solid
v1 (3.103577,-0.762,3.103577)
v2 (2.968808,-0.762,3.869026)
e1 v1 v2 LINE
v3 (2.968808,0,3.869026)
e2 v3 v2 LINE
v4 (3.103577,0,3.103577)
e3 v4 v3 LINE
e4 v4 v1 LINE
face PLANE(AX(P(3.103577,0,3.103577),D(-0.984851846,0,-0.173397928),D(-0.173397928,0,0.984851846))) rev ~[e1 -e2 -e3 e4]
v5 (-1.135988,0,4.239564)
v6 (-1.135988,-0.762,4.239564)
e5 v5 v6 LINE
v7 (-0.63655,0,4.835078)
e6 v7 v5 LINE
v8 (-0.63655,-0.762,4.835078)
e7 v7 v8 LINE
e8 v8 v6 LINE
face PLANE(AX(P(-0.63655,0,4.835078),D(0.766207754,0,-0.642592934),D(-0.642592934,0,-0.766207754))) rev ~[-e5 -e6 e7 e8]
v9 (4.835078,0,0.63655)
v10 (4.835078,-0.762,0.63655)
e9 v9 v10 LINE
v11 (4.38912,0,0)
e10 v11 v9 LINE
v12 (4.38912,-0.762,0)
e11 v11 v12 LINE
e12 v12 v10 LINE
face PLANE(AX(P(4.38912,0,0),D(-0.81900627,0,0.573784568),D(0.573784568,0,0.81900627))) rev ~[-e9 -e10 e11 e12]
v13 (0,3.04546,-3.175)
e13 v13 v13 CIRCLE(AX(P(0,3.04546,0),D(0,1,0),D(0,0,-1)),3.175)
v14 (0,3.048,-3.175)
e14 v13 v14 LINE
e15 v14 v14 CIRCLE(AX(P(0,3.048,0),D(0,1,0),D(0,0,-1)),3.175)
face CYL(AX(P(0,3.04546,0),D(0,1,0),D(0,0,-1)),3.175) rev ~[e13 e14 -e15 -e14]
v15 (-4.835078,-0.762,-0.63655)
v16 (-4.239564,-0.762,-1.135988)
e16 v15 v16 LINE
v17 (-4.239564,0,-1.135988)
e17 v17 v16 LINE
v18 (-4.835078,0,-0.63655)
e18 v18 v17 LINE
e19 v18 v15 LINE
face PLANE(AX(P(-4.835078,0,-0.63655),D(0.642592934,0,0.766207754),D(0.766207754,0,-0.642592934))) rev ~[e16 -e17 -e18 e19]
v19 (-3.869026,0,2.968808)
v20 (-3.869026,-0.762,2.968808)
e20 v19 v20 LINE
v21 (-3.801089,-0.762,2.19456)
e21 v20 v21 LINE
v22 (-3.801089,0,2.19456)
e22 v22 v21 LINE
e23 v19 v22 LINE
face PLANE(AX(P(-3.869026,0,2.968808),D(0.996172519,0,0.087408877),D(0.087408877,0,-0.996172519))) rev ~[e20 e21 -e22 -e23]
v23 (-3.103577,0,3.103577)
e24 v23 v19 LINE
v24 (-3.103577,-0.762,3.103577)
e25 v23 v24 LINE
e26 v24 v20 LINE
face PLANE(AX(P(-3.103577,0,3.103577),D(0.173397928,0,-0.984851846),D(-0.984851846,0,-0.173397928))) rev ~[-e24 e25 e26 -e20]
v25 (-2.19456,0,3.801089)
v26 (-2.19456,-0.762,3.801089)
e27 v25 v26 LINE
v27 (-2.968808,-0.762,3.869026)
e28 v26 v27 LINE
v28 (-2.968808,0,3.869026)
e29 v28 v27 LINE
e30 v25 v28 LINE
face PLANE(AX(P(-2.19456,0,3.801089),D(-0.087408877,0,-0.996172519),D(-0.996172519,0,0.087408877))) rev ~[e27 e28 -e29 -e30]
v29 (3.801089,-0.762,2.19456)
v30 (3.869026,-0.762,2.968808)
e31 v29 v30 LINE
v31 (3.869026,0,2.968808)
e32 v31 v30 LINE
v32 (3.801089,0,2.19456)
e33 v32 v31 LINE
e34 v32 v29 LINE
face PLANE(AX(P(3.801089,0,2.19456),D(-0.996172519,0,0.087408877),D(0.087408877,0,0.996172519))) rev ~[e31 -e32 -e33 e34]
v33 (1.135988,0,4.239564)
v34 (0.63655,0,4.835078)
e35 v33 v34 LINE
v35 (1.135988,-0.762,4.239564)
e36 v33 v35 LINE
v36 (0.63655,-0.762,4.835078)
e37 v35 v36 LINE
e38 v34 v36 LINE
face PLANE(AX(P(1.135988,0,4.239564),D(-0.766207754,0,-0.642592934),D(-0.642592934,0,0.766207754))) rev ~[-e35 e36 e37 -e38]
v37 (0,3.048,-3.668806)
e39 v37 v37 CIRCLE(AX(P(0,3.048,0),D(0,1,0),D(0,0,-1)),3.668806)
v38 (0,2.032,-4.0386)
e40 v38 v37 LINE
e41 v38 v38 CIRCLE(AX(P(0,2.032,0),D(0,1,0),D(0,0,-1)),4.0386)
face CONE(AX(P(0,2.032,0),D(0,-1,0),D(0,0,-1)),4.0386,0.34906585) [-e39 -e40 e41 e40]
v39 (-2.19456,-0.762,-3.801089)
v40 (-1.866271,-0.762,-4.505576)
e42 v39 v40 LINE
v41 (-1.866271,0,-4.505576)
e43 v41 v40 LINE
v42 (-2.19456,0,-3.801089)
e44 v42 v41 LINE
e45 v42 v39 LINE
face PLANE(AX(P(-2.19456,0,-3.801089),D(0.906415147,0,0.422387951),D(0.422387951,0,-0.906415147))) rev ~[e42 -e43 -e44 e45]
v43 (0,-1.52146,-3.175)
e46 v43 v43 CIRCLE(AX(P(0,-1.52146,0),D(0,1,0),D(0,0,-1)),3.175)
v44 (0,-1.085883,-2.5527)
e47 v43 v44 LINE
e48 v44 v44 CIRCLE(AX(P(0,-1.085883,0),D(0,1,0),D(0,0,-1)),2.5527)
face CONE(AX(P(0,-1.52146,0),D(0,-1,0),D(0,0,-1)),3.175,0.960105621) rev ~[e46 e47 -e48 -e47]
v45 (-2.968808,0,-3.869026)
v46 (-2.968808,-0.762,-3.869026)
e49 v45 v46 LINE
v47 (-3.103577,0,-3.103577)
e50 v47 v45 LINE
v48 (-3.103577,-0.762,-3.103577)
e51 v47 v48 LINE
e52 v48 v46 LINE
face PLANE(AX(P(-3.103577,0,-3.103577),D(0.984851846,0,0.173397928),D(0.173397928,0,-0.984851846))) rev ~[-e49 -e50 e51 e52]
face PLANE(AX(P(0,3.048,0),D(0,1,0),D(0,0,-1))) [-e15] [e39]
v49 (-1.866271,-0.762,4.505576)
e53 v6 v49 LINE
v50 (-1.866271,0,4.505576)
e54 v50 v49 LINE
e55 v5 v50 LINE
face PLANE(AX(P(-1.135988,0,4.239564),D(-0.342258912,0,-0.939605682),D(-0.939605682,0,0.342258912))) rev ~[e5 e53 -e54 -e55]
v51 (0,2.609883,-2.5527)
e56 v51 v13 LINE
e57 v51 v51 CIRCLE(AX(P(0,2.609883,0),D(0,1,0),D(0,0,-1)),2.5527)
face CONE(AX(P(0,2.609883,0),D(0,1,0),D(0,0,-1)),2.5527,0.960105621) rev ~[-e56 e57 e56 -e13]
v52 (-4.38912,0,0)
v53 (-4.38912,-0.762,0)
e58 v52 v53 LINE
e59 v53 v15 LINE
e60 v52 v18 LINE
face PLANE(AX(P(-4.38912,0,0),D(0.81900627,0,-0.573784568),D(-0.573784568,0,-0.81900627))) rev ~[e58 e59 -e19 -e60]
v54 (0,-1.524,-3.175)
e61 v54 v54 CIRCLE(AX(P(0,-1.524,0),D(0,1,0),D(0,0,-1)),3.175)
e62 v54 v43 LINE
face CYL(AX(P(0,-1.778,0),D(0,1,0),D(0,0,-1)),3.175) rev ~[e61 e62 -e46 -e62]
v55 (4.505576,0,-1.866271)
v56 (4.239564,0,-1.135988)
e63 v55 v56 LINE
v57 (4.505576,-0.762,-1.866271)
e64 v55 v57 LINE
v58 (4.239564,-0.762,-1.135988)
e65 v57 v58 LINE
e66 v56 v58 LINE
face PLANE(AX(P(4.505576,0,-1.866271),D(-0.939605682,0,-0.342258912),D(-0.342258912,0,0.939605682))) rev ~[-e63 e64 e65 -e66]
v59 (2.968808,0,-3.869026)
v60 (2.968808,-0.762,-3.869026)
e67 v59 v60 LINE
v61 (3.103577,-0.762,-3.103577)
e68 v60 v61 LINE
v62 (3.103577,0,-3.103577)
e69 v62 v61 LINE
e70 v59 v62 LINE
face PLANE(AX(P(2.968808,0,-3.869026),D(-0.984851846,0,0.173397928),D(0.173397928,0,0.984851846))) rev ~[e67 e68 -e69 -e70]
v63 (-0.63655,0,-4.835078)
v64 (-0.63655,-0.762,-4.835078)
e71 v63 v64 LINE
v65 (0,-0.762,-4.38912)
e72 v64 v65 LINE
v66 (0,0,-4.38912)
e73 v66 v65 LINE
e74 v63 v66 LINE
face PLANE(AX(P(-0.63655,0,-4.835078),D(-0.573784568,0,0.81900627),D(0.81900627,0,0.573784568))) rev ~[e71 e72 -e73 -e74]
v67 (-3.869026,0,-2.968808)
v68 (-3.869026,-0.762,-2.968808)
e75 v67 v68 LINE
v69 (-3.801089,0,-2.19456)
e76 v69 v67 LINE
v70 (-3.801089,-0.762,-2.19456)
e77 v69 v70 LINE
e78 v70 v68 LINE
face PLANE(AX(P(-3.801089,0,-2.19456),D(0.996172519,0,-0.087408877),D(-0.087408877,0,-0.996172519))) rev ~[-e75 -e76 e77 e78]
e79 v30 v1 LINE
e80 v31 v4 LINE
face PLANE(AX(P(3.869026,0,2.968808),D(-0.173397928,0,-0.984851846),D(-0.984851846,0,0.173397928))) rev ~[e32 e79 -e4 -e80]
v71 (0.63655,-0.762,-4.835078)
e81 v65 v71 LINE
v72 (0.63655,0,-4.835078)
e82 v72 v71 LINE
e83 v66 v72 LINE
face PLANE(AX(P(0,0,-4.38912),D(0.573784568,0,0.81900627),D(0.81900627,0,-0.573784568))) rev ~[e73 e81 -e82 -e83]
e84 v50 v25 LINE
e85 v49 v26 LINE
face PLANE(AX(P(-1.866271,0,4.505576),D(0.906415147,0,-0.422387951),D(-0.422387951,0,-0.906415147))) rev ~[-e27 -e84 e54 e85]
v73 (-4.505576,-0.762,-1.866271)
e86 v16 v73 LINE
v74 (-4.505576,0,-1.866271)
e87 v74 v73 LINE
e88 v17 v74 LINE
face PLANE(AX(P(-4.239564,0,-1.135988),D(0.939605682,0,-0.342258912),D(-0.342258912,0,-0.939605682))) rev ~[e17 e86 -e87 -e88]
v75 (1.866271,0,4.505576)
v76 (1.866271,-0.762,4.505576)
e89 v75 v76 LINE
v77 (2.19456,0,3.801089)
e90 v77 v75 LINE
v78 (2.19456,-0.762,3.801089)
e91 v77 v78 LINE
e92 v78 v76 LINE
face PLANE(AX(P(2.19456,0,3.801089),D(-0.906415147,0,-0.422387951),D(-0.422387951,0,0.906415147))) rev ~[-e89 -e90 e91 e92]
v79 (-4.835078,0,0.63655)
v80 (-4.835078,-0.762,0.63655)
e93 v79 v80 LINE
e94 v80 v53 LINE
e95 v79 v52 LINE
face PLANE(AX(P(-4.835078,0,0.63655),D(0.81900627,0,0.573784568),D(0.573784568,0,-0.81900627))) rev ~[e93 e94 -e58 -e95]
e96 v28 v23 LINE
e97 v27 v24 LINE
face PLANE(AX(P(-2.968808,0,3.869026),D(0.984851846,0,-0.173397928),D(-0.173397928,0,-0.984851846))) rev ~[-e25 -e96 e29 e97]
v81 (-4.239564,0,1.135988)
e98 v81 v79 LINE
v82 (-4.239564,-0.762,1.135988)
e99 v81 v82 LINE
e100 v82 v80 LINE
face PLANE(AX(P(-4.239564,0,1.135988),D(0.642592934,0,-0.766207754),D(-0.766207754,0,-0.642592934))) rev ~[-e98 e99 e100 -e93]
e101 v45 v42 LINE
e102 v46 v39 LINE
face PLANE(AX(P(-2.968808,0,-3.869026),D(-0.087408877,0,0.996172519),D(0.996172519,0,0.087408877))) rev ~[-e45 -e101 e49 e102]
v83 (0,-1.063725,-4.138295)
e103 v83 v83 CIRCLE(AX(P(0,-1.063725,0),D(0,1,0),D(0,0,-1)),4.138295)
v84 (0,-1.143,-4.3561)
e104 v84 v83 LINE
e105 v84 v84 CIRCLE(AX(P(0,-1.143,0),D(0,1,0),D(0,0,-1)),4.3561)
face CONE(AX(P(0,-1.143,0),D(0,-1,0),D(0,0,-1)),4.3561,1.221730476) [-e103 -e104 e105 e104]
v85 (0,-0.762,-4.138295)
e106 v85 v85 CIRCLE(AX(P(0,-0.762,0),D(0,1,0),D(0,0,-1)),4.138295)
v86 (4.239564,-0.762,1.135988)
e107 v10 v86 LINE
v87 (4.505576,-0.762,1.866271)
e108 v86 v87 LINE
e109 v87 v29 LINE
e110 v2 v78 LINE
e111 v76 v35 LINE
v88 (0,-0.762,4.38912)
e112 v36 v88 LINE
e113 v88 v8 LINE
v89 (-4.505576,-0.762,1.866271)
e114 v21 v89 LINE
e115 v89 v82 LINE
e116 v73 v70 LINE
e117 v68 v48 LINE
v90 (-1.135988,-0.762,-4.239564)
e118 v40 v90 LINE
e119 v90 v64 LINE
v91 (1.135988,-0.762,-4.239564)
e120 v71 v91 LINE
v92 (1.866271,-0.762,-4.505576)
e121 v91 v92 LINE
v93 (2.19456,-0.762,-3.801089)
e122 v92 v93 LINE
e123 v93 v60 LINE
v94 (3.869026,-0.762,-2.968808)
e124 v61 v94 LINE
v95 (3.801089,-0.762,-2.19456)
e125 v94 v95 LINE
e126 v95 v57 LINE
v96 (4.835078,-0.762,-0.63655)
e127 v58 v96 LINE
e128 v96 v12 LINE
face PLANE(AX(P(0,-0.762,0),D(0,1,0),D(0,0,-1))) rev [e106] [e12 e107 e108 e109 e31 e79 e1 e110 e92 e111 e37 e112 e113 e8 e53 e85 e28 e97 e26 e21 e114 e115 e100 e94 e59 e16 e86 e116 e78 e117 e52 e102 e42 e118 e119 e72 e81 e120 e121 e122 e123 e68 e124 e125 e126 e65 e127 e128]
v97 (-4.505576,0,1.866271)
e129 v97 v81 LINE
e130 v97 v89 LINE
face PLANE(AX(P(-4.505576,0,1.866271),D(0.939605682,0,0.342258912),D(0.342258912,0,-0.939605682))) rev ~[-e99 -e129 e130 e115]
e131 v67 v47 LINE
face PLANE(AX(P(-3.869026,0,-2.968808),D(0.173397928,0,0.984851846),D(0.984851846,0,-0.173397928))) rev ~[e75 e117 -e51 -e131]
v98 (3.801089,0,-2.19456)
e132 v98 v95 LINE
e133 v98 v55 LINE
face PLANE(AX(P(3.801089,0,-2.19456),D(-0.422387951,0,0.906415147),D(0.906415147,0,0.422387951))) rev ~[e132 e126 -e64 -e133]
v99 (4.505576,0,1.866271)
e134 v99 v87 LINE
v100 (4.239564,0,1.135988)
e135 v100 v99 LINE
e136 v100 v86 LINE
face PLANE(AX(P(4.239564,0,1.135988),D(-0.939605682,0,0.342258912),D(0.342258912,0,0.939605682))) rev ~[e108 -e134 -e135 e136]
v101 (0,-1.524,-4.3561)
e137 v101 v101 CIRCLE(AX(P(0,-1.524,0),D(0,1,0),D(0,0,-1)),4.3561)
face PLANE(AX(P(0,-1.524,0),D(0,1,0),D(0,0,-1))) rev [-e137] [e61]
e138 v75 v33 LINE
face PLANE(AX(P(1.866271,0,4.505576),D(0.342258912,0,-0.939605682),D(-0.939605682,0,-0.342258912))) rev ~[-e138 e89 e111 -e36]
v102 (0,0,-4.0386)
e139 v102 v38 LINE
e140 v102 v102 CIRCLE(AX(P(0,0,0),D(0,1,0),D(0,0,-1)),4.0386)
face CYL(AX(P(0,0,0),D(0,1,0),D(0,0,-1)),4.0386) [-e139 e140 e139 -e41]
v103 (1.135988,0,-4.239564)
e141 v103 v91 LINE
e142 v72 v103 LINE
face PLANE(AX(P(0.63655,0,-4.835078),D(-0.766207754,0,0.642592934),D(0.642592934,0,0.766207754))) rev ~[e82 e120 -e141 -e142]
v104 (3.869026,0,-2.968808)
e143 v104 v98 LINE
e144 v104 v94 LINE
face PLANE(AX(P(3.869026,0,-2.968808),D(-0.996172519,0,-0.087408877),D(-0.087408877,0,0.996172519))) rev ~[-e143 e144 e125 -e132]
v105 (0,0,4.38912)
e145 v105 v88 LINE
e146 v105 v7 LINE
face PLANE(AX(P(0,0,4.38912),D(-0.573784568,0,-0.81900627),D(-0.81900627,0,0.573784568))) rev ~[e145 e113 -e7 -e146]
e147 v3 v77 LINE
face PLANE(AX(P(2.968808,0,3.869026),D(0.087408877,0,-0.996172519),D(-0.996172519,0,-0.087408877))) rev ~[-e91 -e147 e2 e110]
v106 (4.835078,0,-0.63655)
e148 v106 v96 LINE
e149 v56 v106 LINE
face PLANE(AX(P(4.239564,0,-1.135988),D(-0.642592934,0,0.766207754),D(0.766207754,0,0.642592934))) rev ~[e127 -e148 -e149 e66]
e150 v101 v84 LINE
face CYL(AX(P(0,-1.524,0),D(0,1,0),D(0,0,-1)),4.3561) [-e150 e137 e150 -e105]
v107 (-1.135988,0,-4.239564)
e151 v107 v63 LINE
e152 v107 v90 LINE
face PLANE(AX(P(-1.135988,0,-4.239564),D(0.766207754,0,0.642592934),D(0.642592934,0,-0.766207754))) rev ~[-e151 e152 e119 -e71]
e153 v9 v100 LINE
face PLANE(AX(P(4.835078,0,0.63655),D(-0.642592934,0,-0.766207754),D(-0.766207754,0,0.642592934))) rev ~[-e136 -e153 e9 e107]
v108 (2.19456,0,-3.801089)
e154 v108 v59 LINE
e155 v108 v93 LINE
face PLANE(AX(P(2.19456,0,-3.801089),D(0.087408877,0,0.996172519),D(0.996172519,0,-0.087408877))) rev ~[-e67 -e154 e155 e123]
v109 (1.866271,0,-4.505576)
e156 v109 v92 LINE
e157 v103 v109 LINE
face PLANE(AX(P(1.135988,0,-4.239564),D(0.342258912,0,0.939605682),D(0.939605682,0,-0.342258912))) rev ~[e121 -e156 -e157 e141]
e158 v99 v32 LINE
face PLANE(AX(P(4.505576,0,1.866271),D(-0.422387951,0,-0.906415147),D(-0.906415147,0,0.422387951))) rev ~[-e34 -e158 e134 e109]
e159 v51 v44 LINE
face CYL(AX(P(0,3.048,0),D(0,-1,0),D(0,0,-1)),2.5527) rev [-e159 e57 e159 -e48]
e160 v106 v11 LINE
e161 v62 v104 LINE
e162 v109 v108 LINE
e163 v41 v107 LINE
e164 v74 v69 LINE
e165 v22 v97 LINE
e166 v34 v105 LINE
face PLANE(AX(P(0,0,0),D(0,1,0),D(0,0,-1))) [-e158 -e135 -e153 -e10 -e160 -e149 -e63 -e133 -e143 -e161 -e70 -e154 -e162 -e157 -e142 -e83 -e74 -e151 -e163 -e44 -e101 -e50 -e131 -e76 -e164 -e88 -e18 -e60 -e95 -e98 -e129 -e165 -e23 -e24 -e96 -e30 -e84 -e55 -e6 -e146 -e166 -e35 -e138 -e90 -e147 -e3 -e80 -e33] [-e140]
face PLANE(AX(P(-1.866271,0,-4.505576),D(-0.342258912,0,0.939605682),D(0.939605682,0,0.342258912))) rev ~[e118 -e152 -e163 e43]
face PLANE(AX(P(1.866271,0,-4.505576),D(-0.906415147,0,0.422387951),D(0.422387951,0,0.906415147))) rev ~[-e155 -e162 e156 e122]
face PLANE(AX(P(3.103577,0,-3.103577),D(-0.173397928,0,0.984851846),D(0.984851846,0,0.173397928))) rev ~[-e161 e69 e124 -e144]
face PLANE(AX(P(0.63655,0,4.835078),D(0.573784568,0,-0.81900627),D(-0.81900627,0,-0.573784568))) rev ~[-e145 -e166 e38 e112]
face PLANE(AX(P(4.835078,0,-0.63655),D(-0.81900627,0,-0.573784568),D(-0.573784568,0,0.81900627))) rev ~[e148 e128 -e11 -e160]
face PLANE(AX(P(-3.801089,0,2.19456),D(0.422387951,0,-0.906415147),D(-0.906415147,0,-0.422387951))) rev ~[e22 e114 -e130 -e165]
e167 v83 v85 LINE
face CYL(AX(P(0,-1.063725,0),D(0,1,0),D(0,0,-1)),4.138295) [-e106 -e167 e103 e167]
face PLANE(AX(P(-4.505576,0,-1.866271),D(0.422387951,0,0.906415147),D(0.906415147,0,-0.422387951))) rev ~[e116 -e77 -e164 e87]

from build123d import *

# Parameters (mm, degrees)
CLINCHCUT_START    = -0.762
CLINCHCUT_DEPTH    = 0.762
CLINCHCUTPAT_COUNT = 24
CLINCHCUTPAT_ANGLE = 345


with BuildPart() as part:
    # BodySke → Body (revolve)
    with BuildSketch(Plane.XY, mode=Mode.PRIVATE) as body_sk:
        Polygon((4.138295, -1.063725463), (4.138295, -0.762), (4.8768, -0.762), (4.8768, 0), (4.0386, 0), (4.0386, 2.032), (3.668806242, 3.048), (2.5527, 3.048), (2.5527, -1.524), (4.3561, -1.524), (4.3561, -1.143), align=None)
    revolve(body_sk.sketch.rotate(Axis((0, -1.143, 0), (0, 1, 0)), 90), axis=Axis((0, -1.143, 0), (0, 1, 0)))

    # EndChamferSke → EndChamfer (revolve, cut)
    with BuildSketch(Plane.XY, mode=Mode.PRIVATE) as endchamfer_sk:
        Polygon((3.175, -1.778), (3.175, -1.52146), (2.5527, -1.085882692), (2.5527, -1.778), align=None)
        Polygon((3.175, 3.04546), (3.175, 3.302), (2.5527, 3.302), (2.5527, 2.609882692), align=None)
    revolve(endchamfer_sk.sketch.rotate(Axis((0, -2.54, 0), (0, 1, 0)), 90), axis=Axis((0, -2.54, 0), (0, 1, 0)), mode=Mode.SUBTRACT)

    # CliRinCutSke → ClinchCut (cut)
    with BuildSketch(Plane.XZ.offset(0.762).offset(CLINCHCUT_START)):
        with BuildLine():
            Line((0.636550134, 4.8350783), (0, 4.38912))
            Line((0, 4.38912), (-0.636550134, 4.8350783))
            ThreePointArc((-0.636550134, 4.8350783), (0, 4.8768), (0.636550134, 4.8350783))
        make_face()
    clinchcut = extrude(amount=CLINCHCUT_DEPTH, mode=Mode.SUBTRACT)

    # ClinchCutPat: ClinchCut ×24 about axis
    clinchcutpat_axis = Axis((0, 0, 0), (0, 1, 0))
    for i in range(1, CLINCHCUTPAT_COUNT):
        add(clinchcut.rotate(clinchcutpat_axis, i * CLINCHCUTPAT_ANGLE / (CLINCHCUTPAT_COUNT - 1)), mode=Mode.SUBTRACT)


solid = part.part
